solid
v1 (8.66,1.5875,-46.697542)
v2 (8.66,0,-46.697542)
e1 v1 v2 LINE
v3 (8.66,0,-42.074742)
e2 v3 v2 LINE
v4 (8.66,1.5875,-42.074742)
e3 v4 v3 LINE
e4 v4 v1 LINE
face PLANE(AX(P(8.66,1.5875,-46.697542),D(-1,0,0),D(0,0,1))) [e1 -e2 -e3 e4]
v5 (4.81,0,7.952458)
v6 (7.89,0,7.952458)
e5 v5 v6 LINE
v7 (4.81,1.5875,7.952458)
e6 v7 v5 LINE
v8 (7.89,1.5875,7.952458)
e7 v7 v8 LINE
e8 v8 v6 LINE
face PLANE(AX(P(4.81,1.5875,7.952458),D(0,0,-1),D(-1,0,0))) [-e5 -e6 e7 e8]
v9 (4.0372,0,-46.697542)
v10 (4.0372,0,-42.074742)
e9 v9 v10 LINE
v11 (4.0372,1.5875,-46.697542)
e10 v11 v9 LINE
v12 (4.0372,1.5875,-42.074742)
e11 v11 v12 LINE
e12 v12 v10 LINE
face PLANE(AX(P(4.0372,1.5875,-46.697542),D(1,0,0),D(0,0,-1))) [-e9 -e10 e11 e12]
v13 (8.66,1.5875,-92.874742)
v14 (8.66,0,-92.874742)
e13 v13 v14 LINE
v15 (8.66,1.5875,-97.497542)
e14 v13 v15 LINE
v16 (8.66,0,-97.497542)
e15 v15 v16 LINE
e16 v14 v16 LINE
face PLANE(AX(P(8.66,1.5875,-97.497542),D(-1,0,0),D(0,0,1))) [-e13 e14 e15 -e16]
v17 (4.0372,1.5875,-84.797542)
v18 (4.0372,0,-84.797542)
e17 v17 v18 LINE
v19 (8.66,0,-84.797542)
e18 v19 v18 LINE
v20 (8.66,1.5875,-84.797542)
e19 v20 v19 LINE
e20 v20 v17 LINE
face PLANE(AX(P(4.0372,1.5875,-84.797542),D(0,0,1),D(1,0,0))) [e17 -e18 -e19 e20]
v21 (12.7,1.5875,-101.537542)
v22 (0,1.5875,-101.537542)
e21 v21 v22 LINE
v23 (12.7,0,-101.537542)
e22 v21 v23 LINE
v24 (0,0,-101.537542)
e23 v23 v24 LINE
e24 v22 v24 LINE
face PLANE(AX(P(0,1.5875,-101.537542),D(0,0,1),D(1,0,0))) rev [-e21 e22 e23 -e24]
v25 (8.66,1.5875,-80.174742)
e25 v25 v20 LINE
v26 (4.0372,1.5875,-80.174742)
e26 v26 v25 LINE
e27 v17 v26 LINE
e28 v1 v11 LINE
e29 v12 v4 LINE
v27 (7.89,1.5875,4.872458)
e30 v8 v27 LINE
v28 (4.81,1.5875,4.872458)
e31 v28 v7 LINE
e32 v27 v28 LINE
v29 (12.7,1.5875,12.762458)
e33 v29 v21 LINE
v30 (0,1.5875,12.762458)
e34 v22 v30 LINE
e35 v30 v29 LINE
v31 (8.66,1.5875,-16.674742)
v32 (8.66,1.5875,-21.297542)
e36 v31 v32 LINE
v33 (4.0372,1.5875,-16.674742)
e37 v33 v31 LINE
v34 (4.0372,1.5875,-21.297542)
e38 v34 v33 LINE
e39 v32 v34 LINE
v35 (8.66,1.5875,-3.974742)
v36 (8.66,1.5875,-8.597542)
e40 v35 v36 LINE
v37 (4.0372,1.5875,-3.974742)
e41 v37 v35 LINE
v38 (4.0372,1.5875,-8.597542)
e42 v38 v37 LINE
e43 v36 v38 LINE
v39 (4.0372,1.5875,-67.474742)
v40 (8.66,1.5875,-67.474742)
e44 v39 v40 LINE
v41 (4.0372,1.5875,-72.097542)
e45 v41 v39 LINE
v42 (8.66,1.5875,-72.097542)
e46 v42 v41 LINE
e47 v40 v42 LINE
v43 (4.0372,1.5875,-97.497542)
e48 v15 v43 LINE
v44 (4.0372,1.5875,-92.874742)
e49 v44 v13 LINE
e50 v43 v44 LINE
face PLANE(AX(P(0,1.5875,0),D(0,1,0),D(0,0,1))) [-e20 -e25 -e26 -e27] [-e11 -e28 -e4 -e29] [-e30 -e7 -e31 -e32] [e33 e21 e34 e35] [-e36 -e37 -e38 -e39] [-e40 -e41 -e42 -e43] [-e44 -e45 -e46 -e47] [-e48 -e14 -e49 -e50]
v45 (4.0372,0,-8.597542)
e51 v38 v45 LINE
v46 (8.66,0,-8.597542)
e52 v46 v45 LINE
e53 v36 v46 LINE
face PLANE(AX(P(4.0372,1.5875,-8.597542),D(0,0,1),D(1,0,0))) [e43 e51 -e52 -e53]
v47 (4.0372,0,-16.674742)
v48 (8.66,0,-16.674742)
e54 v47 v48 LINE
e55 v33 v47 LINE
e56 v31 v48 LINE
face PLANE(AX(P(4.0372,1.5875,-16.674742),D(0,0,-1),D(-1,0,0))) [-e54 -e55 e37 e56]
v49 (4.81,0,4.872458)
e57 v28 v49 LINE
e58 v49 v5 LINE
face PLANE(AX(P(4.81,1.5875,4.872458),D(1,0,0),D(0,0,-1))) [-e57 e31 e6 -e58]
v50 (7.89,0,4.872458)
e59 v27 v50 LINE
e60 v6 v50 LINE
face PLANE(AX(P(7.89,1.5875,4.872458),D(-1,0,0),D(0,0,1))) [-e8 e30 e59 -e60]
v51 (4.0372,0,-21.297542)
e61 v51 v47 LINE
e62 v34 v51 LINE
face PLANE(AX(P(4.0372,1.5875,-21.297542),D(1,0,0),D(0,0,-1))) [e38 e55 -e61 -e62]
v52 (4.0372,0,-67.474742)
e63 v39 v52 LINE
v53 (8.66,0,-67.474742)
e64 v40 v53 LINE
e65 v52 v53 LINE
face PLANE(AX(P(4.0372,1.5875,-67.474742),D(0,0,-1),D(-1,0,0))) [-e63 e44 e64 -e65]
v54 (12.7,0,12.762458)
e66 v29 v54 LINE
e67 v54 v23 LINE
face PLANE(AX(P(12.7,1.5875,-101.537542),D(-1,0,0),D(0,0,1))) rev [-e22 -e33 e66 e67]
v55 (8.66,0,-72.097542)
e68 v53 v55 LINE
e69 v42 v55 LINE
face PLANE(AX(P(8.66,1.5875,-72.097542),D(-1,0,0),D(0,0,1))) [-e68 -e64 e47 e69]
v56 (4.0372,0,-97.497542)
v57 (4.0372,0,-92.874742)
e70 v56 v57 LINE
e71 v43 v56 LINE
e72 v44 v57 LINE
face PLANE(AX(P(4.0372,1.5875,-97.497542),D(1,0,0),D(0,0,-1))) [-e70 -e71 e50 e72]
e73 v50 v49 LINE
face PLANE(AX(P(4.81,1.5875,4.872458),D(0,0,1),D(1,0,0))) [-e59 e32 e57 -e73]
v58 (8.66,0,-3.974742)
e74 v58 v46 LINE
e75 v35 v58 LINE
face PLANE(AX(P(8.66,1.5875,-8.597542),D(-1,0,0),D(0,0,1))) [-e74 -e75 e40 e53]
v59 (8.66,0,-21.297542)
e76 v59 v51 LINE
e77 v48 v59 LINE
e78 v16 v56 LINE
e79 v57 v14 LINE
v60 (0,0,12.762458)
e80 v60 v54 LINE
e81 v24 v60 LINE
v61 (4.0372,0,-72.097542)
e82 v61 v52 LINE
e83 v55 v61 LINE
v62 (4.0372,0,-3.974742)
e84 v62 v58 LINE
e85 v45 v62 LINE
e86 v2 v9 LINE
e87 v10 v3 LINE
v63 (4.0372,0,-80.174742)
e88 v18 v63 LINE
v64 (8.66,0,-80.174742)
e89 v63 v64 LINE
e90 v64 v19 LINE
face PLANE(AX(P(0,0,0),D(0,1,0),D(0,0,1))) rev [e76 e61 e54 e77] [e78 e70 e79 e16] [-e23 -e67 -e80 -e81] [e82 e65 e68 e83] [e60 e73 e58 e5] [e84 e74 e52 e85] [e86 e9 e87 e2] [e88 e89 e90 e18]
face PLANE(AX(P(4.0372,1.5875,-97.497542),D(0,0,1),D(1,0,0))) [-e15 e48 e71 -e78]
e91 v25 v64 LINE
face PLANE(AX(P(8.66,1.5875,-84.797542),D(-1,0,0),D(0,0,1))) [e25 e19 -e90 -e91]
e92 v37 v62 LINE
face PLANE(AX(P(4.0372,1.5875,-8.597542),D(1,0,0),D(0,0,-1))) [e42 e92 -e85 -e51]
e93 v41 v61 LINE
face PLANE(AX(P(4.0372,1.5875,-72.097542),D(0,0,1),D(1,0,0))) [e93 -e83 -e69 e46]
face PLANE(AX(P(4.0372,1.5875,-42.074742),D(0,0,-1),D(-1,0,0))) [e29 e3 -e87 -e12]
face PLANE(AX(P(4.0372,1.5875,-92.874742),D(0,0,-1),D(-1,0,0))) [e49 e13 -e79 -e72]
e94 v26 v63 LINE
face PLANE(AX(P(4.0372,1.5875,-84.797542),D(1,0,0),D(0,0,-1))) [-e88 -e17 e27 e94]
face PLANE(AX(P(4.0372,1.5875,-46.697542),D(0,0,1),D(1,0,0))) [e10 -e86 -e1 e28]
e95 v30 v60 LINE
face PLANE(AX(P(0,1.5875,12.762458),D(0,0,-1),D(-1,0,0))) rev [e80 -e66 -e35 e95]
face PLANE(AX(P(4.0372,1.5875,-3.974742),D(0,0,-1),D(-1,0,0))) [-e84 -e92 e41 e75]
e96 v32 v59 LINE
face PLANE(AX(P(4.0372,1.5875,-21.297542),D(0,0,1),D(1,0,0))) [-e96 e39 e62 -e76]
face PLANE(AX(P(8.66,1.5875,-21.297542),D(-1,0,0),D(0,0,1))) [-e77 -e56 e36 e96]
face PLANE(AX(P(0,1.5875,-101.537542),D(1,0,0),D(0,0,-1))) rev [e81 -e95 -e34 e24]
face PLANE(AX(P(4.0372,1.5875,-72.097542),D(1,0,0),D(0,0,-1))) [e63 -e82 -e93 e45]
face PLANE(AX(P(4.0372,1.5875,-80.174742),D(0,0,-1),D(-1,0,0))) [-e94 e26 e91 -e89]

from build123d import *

# Parameters (mm, degrees)
SKETCH1_W           = 12.7
SKETCH1_H           = 114.3
SKETCH1_W_2         = 4.6228
SKETCH1_H_2         = 4.6228
SKETCH1_W_3         = 3.08
SKETCH1_H_3         = 3.08
BOSS_EXTRUDE1_DEPTH = 1.5875


with BuildPart() as part:
    # Sketch1 → Boss-Extrude1 (new body)
    with BuildSketch(Plane(origin=(0, 0, 0), x_dir=(1, 0, 0), z_dir=(0, 1, 0))):
        with Locations((6.35, 44.387542426)):
            Rectangle(SKETCH1_W, SKETCH1_H)
        with Locations((6.3486, 82.486142426)):
            Rectangle(SKETCH1_W_2, SKETCH1_H_2, mode=Mode.SUBTRACT)
        with Locations((6.3486, 95.186142426)):
            Rectangle(SKETCH1_W_2, SKETCH1_H_2, mode=Mode.SUBTRACT)
        with Locations((6.3486, 69.786142426)):
            Rectangle(SKETCH1_W_2, SKETCH1_H_2, mode=Mode.SUBTRACT)
        with Locations((6.3486, 44.386142426)):
            Rectangle(SKETCH1_W_2, SKETCH1_H_2, mode=Mode.SUBTRACT)
        with Locations((6.3486, 18.986142426)):
            Rectangle(SKETCH1_W_2, SKETCH1_H_2, mode=Mode.SUBTRACT)
        with Locations((6.3486, 6.286142426)):
            Rectangle(SKETCH1_W_2, SKETCH1_H_2, mode=Mode.SUBTRACT)
        with Locations((6.35, -6.412457574)):
            Rectangle(SKETCH1_W_3, SKETCH1_H_3, mode=Mode.SUBTRACT)
    extrude(amount=BOSS_EXTRUDE1_DEPTH)


solid = part.part
